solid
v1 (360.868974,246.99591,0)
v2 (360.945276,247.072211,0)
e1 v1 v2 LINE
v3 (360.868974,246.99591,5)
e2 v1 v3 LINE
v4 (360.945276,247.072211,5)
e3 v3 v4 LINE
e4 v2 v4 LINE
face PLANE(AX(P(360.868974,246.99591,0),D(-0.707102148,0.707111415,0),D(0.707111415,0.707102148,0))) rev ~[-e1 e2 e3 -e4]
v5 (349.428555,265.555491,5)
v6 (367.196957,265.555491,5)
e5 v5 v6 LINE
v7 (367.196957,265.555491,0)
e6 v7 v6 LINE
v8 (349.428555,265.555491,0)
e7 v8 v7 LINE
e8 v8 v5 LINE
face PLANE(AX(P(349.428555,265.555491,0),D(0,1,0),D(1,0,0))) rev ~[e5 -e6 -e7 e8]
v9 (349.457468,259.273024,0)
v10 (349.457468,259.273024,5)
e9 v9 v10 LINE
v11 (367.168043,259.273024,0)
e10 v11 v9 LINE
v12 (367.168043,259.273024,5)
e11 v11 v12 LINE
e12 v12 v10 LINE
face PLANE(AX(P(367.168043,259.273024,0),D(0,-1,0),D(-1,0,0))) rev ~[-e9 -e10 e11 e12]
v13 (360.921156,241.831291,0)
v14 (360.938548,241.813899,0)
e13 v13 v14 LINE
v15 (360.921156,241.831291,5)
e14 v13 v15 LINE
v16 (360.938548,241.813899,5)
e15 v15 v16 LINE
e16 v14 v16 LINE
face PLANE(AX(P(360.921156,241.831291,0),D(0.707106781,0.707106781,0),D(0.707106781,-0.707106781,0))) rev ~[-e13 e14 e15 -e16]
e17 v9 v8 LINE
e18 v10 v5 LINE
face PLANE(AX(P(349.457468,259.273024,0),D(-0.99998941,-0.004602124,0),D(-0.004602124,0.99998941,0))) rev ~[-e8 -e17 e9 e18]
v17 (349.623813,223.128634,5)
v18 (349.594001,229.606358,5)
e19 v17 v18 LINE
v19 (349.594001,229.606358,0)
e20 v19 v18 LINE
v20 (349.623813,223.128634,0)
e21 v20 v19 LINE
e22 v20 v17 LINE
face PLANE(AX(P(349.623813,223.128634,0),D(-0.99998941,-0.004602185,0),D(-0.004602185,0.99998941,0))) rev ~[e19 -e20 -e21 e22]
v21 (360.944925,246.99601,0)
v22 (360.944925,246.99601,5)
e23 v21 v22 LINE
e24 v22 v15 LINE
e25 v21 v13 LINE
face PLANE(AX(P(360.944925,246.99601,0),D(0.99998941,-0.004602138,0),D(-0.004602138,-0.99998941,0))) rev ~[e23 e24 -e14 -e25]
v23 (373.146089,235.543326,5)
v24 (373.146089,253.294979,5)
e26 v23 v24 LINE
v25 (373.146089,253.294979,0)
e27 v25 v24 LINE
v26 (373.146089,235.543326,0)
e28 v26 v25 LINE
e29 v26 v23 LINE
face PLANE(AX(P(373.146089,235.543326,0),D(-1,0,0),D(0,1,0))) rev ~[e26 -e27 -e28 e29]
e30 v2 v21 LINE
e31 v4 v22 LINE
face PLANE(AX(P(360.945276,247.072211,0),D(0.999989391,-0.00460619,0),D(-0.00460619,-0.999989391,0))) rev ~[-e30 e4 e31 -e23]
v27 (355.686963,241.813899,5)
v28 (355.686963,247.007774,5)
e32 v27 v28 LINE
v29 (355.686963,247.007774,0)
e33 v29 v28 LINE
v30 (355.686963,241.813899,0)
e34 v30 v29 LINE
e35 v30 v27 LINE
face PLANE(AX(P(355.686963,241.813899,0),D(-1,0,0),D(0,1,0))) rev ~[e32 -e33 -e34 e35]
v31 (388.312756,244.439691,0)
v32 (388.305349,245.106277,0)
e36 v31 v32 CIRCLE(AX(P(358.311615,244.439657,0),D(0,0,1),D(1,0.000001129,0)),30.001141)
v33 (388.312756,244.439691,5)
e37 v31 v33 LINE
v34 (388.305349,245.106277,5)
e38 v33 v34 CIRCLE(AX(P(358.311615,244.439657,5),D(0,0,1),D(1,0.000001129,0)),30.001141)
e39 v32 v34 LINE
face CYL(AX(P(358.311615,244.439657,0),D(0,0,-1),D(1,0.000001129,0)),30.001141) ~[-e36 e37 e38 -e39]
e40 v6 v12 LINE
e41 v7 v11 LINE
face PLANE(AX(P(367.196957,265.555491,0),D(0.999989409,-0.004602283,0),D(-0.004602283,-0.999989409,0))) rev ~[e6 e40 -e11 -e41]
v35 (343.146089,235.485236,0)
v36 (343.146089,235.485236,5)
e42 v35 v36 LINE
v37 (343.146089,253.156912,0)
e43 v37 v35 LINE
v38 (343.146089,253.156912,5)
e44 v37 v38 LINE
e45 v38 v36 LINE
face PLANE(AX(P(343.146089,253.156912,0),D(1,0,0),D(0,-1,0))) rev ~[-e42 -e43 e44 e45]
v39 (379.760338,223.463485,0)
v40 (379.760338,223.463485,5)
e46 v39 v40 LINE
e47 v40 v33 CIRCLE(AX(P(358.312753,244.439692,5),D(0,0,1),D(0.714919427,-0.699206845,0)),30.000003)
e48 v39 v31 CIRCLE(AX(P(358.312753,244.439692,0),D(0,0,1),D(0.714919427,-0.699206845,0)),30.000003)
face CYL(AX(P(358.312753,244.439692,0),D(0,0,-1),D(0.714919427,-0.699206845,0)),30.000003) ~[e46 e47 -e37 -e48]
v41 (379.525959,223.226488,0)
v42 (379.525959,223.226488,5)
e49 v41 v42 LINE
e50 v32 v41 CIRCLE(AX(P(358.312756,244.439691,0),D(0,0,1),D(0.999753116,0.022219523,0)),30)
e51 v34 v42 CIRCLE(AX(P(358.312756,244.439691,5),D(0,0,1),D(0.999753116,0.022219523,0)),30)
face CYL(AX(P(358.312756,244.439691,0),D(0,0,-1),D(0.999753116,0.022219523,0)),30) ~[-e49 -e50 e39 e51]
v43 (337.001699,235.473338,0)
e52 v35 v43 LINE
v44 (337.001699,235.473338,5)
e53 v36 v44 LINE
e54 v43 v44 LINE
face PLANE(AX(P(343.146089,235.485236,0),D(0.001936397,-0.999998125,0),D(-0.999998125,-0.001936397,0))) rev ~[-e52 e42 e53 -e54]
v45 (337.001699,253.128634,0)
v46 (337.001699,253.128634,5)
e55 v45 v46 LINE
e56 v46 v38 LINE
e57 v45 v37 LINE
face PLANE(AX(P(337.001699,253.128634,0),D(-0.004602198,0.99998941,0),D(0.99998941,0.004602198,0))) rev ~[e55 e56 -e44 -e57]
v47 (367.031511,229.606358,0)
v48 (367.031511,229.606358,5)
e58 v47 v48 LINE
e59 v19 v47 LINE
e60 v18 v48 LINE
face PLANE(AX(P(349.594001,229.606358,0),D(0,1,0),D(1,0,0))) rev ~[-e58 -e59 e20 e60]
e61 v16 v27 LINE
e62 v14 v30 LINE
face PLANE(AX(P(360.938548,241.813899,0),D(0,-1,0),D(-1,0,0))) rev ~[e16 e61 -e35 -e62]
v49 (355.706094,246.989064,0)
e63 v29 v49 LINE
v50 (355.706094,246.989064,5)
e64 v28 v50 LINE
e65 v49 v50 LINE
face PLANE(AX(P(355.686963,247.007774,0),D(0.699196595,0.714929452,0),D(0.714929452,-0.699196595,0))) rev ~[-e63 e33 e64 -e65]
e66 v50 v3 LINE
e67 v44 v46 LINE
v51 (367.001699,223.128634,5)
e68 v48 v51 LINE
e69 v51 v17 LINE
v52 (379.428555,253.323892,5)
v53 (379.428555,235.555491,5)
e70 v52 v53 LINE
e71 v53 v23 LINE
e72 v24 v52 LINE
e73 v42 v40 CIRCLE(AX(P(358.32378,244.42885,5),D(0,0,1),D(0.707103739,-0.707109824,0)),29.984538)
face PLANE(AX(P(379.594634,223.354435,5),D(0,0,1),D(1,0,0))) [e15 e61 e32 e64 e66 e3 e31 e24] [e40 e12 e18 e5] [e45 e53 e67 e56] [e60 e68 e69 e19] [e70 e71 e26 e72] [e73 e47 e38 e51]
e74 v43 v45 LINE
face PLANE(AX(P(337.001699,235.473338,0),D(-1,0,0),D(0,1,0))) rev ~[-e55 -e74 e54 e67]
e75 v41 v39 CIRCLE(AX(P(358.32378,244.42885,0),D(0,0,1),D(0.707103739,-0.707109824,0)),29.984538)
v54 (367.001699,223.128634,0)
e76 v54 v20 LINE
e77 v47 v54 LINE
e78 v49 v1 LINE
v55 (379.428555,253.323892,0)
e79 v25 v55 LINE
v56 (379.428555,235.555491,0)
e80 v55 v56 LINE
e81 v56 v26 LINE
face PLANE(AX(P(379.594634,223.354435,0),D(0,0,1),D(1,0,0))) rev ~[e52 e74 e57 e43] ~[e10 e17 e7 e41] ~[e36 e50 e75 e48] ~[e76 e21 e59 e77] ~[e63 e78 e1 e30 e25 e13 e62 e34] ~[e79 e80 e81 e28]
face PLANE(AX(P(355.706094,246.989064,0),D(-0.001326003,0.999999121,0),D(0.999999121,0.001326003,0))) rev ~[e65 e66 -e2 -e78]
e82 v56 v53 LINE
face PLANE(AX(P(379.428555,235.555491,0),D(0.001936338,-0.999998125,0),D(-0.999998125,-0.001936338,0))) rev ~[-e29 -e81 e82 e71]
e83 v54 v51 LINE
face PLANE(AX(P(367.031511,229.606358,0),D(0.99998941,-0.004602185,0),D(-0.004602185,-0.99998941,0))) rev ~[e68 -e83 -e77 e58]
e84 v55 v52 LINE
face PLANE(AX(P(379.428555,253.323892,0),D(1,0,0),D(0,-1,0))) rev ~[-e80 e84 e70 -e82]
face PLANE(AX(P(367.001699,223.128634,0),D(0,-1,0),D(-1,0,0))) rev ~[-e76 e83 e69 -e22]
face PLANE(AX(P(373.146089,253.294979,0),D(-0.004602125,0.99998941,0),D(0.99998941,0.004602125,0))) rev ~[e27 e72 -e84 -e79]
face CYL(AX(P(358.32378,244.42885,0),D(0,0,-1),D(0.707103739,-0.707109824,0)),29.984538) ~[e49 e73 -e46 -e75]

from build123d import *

# Parameters (mm, degrees)
F1_DEPTH = 5


with BuildPart() as f1:
    # F0 (on Top) → F1 (new body)
    with BuildSketch(Plane.XY):
        with BuildLine():
            ThreePointArc((379.525959, 223.226488), (379.643478, 223.344661), (379.760338, 223.463485))
            Line((379.760338, 223.463485), (379.428555, 223.323892))
            Line((379.428555, 223.323892), (379.525959, 223.226488))
        make_face()
        with BuildLine():
            ThreePointArc((379.760338, 223.463485), (386.092492, 233.113339), (388.312756, 244.439691))
            ThreePointArc((388.312756, 244.439691), (388.310904, 244.773005), (388.305349, 245.106277))
            ThreePointArc((388.305349, 245.106277), (330.470527, 255.611544), (379.525959, 223.226488))
            Line((379.525959, 223.226488), (379.428555, 223.323892))
            Line((379.428555, 223.323892), (379.760338, 223.463485))
        make_face()
        Polygon((337.001699, 235.473338), (337.001699, 253.128634), (343.146089, 253.156912), (343.146089, 250.818692), (343.146089, 250.623444), (343.146089, 235.485236), align=None, mode=Mode.SUBTRACT)
        Polygon((349.594001, 229.606358), (367.031511, 229.606358), (367.001699, 223.128634), (349.623813, 223.128634), align=None, mode=Mode.SUBTRACT)
        Polygon((373.146089, 235.543326), (373.146089, 253.294979), (379.428555, 253.323892), (379.428555, 235.555491), align=None, mode=Mode.SUBTRACT)
        Polygon((360.944925, 246.99601), (360.921156, 241.831291), (360.938548, 241.813899), (360.921076, 241.813899), (355.686963, 241.813899), (355.686963, 246.989038), (355.686963, 247.007774), (355.706094, 246.989064), (360.868974, 246.99591), (360.945276, 247.072211), align=None, mode=Mode.SUBTRACT)
        Polygon((367.168043, 259.273024), (349.457468, 259.273024), (349.428555, 265.555491), (367.196957, 265.555491), align=None, mode=Mode.SUBTRACT)
    extrude(amount=F1_DEPTH)


solid = f1.part
